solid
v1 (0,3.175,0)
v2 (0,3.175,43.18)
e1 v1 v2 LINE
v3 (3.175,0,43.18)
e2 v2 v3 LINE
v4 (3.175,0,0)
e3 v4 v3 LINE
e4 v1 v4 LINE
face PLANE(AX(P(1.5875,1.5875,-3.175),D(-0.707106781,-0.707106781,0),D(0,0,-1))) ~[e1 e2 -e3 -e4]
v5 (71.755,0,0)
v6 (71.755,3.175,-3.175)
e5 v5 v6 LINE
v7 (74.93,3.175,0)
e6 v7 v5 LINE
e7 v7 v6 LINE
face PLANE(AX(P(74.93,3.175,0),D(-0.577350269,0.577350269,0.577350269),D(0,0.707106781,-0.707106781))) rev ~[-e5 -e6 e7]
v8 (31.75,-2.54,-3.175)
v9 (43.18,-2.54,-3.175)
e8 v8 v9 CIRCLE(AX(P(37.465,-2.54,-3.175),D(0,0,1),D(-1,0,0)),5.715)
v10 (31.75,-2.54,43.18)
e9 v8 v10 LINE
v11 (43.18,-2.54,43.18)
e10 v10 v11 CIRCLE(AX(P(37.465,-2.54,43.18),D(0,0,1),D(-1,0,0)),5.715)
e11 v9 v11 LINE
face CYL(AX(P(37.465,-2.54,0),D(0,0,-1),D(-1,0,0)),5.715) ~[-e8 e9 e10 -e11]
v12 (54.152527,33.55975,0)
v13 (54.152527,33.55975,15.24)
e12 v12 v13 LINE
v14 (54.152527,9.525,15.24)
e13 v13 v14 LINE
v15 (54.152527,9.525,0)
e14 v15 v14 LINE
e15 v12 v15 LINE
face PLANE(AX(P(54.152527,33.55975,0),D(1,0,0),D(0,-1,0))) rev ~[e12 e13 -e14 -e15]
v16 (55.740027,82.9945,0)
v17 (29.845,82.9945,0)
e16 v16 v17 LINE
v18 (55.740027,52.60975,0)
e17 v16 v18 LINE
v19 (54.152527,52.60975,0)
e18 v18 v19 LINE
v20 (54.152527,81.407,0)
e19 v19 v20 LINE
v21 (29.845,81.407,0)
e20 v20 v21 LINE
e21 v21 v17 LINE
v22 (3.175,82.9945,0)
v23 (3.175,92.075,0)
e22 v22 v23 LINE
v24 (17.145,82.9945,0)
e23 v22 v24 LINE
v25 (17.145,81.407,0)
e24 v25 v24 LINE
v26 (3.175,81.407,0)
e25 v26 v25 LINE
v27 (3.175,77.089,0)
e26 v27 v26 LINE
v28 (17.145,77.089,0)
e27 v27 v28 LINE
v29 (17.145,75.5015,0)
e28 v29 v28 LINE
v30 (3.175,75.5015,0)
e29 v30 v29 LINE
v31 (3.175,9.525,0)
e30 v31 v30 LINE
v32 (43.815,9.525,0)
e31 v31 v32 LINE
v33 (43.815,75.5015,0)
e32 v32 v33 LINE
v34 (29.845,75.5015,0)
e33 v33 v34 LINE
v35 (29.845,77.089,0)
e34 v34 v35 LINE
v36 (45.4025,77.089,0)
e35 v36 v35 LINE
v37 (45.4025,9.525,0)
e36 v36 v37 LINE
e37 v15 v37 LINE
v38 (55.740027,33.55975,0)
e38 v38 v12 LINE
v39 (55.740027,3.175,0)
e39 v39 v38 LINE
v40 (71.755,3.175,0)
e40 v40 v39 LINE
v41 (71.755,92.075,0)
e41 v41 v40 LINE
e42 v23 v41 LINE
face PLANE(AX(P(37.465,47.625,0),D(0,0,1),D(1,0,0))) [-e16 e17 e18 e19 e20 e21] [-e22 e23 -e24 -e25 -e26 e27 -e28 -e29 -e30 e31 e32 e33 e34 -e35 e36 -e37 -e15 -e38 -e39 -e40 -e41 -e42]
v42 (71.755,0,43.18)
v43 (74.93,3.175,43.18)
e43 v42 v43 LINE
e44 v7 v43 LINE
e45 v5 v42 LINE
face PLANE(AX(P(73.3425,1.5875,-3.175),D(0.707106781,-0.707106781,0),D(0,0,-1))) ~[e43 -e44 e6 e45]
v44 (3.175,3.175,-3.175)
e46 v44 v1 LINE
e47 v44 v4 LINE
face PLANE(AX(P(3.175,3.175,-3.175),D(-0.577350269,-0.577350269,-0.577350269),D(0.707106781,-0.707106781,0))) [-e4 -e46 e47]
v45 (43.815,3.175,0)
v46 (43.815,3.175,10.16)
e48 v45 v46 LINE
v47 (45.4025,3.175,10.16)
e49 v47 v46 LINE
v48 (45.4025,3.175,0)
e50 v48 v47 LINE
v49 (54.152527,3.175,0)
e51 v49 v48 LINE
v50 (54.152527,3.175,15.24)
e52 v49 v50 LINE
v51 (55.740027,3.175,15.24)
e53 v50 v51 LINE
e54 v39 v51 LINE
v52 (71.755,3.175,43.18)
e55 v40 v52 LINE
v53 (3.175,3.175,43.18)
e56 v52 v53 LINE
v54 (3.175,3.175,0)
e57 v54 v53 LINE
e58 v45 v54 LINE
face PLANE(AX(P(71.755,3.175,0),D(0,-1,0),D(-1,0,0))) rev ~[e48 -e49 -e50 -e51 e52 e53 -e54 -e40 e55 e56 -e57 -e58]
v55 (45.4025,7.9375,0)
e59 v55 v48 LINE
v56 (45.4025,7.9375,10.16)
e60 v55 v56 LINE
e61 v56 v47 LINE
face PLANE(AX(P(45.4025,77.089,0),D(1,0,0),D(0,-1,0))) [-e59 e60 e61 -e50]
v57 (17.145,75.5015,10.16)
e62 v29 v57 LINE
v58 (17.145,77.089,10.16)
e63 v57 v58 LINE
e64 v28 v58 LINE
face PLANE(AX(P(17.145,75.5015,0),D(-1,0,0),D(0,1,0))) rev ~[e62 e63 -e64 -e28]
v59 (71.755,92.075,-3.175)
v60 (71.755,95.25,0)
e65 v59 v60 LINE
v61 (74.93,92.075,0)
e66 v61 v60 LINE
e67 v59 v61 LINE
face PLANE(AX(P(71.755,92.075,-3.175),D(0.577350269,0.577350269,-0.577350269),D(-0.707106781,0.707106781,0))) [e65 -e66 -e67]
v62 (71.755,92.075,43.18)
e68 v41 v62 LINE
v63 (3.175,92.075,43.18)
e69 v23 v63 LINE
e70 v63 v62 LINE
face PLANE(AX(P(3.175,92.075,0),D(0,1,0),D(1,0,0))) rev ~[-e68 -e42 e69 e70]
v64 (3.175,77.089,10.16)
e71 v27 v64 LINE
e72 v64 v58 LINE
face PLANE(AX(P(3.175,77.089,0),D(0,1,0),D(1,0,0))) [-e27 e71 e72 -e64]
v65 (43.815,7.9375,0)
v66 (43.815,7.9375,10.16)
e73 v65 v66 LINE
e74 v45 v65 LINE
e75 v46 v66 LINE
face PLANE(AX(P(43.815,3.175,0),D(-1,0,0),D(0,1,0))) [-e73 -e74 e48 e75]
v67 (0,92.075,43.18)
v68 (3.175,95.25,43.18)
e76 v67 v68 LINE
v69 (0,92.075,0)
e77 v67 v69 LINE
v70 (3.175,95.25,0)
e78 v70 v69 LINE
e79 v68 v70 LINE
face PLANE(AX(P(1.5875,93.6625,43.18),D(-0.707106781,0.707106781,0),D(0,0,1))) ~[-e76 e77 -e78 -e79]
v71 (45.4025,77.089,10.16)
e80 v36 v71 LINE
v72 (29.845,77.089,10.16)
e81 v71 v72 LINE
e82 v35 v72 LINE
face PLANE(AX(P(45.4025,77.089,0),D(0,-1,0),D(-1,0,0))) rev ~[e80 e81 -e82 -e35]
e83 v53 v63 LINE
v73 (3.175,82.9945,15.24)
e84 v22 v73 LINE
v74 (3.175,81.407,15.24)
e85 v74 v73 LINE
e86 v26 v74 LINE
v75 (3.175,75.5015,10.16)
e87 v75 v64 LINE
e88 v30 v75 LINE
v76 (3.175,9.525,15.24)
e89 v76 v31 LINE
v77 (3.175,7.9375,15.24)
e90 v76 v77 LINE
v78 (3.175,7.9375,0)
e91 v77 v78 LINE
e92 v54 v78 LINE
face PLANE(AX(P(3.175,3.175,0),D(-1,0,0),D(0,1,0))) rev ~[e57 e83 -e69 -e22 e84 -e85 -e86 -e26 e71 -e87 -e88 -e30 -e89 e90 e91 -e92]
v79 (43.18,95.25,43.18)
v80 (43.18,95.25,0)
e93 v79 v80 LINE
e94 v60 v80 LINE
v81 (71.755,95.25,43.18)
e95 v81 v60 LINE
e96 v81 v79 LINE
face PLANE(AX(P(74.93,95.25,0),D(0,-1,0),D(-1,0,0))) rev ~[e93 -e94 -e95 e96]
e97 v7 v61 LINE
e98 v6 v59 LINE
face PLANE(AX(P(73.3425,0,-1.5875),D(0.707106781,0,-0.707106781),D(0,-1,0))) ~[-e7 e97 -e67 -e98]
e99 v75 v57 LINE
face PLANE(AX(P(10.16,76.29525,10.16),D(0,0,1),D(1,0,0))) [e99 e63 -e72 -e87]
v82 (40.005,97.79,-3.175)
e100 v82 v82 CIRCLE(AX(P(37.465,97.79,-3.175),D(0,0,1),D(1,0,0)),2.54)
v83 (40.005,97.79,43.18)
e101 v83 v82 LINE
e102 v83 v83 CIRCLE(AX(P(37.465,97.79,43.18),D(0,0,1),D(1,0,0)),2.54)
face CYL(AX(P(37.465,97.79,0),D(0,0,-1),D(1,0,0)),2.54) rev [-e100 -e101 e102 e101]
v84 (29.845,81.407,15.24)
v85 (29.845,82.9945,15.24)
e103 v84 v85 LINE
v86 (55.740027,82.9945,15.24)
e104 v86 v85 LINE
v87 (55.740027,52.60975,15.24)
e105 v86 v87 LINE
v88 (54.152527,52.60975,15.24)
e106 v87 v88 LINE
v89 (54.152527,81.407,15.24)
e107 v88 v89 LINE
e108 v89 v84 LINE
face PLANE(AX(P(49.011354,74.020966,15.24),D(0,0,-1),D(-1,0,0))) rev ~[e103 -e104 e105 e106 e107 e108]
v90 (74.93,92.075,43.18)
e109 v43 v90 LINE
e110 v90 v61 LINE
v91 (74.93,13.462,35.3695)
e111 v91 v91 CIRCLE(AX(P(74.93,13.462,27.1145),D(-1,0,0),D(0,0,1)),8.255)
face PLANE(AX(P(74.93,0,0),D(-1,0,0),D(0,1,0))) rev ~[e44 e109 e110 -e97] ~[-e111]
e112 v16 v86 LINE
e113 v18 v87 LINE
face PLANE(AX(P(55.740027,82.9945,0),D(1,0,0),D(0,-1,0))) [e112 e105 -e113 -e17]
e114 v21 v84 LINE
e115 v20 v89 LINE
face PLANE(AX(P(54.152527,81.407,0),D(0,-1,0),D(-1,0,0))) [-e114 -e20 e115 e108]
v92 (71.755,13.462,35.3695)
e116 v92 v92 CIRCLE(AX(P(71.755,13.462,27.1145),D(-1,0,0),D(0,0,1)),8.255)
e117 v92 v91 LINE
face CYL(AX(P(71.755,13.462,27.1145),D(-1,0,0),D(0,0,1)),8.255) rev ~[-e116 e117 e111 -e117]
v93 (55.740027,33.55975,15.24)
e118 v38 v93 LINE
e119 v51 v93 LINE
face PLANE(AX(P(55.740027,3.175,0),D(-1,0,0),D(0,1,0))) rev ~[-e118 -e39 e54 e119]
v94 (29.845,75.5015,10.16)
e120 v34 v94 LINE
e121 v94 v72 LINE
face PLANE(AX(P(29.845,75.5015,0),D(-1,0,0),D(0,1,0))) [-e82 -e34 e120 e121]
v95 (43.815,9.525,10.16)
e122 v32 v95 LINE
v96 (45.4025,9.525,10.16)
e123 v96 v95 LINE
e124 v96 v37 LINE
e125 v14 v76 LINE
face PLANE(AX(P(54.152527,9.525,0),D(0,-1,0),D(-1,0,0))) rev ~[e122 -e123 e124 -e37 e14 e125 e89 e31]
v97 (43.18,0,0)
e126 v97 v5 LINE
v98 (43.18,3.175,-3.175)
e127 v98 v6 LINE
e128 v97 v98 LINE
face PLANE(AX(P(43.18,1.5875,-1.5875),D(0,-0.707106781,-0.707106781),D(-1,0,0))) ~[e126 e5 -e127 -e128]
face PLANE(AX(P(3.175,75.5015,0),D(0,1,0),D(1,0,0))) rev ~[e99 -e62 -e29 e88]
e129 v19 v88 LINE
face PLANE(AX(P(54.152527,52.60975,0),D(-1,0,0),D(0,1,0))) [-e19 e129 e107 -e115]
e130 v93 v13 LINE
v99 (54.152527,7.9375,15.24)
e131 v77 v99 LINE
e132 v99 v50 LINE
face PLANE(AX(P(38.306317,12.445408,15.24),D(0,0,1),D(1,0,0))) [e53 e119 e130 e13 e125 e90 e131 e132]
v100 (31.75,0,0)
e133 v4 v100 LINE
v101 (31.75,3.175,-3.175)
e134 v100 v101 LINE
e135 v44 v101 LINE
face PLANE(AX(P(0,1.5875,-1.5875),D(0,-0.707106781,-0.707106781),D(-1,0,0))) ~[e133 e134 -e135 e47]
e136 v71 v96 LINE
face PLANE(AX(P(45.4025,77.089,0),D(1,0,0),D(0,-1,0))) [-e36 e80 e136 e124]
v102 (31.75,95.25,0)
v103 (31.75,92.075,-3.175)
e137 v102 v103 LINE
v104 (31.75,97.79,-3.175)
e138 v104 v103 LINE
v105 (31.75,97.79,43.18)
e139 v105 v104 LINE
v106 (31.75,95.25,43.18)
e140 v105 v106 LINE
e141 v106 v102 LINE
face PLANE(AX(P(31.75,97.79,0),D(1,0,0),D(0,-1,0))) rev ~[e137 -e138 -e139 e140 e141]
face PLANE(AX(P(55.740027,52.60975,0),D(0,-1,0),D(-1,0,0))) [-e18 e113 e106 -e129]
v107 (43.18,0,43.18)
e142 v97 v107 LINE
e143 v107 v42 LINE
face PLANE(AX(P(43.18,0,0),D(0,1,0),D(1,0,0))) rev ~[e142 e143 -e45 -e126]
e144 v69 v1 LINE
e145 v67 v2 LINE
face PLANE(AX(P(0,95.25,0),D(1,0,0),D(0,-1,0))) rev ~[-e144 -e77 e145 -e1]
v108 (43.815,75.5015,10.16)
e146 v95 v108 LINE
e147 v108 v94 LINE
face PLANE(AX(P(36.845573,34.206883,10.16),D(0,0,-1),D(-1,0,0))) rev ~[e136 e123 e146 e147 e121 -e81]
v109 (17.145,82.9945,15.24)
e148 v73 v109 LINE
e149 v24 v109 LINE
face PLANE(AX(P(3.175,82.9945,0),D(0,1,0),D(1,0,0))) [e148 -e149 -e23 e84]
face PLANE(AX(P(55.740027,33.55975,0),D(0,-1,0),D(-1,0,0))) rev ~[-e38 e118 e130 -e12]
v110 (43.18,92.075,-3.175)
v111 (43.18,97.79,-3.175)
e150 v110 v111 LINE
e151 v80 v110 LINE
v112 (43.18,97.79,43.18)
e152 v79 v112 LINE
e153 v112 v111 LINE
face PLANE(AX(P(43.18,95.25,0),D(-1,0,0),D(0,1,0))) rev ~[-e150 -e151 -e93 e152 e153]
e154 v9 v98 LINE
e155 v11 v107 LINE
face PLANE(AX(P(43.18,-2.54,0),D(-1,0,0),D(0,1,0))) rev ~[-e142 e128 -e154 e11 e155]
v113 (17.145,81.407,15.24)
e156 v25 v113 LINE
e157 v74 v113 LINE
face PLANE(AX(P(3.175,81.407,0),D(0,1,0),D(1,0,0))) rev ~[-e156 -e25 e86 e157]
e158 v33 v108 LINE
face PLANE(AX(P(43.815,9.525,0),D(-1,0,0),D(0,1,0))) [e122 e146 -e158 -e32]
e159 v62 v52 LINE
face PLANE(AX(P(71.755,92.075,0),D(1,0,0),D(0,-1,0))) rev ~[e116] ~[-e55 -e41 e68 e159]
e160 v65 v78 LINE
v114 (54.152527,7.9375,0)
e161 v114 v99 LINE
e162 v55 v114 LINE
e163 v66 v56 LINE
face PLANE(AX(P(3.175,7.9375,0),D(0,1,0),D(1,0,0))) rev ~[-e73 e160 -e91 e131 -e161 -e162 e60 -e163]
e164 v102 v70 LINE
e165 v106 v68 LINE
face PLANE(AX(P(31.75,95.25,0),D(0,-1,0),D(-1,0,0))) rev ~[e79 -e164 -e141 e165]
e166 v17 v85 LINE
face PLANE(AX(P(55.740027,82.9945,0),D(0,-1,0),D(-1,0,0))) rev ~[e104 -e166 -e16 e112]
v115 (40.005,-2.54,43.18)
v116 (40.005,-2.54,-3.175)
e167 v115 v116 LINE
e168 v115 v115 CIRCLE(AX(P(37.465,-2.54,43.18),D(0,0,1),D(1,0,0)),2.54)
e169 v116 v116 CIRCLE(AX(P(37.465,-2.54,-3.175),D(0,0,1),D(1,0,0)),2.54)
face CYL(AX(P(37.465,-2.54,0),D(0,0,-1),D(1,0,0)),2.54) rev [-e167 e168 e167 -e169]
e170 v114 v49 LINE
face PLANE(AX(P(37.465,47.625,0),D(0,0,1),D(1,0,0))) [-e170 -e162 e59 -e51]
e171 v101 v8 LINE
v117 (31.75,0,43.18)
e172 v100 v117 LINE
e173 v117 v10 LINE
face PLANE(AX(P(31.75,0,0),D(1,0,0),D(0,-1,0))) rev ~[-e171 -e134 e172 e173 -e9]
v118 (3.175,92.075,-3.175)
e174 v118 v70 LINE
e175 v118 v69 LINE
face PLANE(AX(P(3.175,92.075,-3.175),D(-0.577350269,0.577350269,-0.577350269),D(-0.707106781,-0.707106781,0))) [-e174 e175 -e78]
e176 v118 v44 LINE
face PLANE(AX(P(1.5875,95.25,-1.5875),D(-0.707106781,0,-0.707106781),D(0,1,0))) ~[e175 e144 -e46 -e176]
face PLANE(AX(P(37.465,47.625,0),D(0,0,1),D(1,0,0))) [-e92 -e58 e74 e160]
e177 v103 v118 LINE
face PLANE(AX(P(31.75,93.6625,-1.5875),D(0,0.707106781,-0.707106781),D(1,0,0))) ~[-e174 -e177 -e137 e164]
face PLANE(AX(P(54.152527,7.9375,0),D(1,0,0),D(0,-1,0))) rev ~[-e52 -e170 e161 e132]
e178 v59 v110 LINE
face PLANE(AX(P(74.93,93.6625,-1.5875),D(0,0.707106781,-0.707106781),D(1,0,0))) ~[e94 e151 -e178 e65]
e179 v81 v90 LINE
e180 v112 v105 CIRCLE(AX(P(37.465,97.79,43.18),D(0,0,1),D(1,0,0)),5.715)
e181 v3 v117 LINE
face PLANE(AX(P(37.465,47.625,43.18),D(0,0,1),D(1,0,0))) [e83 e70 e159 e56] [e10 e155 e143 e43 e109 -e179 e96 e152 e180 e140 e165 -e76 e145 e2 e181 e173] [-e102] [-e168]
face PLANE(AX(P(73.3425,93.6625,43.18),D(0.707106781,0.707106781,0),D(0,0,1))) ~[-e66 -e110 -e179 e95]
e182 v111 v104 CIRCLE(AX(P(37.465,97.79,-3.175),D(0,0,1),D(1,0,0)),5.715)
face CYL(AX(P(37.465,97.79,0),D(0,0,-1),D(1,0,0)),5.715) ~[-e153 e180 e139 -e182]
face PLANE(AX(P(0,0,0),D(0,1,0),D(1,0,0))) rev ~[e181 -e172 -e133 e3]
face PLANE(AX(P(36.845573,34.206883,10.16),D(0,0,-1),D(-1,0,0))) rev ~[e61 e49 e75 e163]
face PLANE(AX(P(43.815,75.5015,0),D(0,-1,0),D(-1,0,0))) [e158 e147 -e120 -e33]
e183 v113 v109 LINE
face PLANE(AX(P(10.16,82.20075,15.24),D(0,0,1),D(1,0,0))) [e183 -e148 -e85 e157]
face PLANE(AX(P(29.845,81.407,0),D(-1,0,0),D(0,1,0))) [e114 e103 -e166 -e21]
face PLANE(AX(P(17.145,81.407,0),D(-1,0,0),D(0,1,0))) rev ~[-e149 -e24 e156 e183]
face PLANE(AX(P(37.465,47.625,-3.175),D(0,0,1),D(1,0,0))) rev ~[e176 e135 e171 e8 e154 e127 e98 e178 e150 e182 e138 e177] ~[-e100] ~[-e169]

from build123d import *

# Parameters (mm, degrees)
SKETCH1_R           = 2.54
BOSS_EXTRUDE1_DEPTH = 3.175
SKETCH1_3_W         = 13.97
SKETCH1_3_H         = 1.5875
BOSS_EXTRUDE2_DEPTH = 10.16
BOSS_EXTRUDE3_START = 43.18
SKETCH1_4_R         = 2.54
BOSS_EXTRUDE3_DEPTH = 43.18
SKETCH2_W           = 13.97
SKETCH2_H           = 1.5875
BOSS_EXTRUDE4_DEPTH = 15.24
SKETCH3_R           = 8.255
CUT_EXTRUDE1_DEPTH  = 15.24
CHAMFER1_SIZE       = 3.175


with BuildPart() as part:
    # Sketch1 → Boss-Extrude1 (new body)
    with BuildSketch(Plane.XY):
        with BuildLine():
            Line((0, 0), (31.75, 0))
            Line((31.75, 0), (31.75, -2.54))
            ThreePointArc((31.75, -2.54), (37.465, -8.255), (43.18, -2.54))
            Line((43.18, -2.54), (43.18, 0))
            Line((43.18, 0), (74.93, 0))
            Line((74.93, 0), (74.93, 95.25))
            Line((74.93, 95.25), (43.18, 95.25))
            Line((43.18, 95.25), (43.18, 97.79))
            ThreePointArc((43.18, 97.79), (37.465, 103.505), (31.75, 97.79))
            Line((31.75, 97.79), (31.75, 95.25))
            Line((31.75, 95.25), (0, 95.25))
            Line((0, 95.25), (0, 0))
        make_face()
        with Locations((37.465, -2.54)):
            Circle(SKETCH1_R, mode=Mode.SUBTRACT)
        with Locations((37.465, 97.79)):
            Circle(SKETCH1_R, mode=Mode.SUBTRACT)
    extrude(amount=-BOSS_EXTRUDE1_DEPTH)

    # Sketch1<3> → Boss-Extrude2 (add)
    with BuildSketch(Plane.XY):
        Polygon((43.815, 9.525), (43.815, 75.5015), (29.845, 75.5015), (29.845, 77.089), (43.815, 77.089), (45.4025, 77.089), (45.4025, 3.175), (43.815, 3.175), (43.815, 7.9375), (3.175, 7.9375), (3.175, 9.525), align=None)
        with Locations((10.16, 76.29525)):
            Rectangle(SKETCH1_3_W, SKETCH1_3_H)
    extrude(amount=BOSS_EXTRUDE2_DEPTH)

    # Sketch1<4> → Boss-Extrude3 (add)
    with BuildSketch(Plane.XY.offset(BOSS_EXTRUDE3_START)):
        with BuildLine():
            Line((0, 95.25), (0, 0))
            Line((0, 0), (31.75, 0))
            Line((31.75, 0), (31.75, -2.54))
            ThreePointArc((31.75, -2.54), (37.465, -8.255), (43.18, -2.54))
            Line((43.18, -2.54), (43.18, 0))
            Line((43.18, 0), (74.93, 0))
            Line((74.93, 0), (74.93, 95.25))
            Line((74.93, 95.25), (43.18, 95.25))
            Line((43.18, 95.25), (43.18, 97.79))
            ThreePointArc((43.18, 97.79), (37.465, 103.505), (31.75, 97.79))
            Line((31.75, 97.79), (31.75, 95.25))
            Line((31.75, 95.25), (0, 95.25))
        make_face()
        with Locations((37.465, -2.54)):
            Circle(SKETCH1_4_R, mode=Mode.SUBTRACT)
        Polygon((3.175, 7.9375), (3.175, 9.525), (3.175, 75.5015), (3.175, 77.089), (3.175, 92.075), (71.755, 92.075), (71.755, 3.175), (45.4025, 3.175), (43.815, 3.175), (3.175, 3.175), align=None, mode=Mode.SUBTRACT)
        with Locations((37.465, 97.79)):
            Circle(SKETCH1_4_R, mode=Mode.SUBTRACT)
    extrude(amount=-BOSS_EXTRUDE3_DEPTH)

    # Sketch2 → Boss-Extrude4 (add)
    with BuildSketch(Plane.XY):
        with Locations((10.16, 82.20075)):
            Rectangle(SKETCH2_W, SKETCH2_H)
        Polygon((54.737, 82.9945), (55.740027204, 82.9945), (55.740027204, 52.60975), (54.152527204, 52.60975), (54.152527204, 81.407), (29.845, 81.407), (29.845, 82.9945), align=None)
        Polygon((54.152527204, 3.175), (55.740027204, 3.175), (55.740027204, 33.55975), (54.152527204, 33.55975), (54.152527204, 9.525), (3.175, 9.525), (3.175, 7.9375), (54.152527204, 7.9375), align=None)
    extrude(amount=BOSS_EXTRUDE4_DEPTH)

    # Sketch3 → Cut-Extrude1 (cut)
    with BuildSketch(Plane.ZY.offset(-71.755)):
        with Locations((27.1145, 13.462)):
            Circle(SKETCH3_R)
    extrude(amount=-CUT_EXTRUDE1_DEPTH, mode=Mode.SUBTRACT)

    # Chamfer1
    chamfer1_edges = [part.edges().sort_by_distance(p)[0] for p in [
        (74.93, 0, 20.0025),
        (74.93, 95.25, 20.0025),
        (59.055, 95.25, -3.175),
        (74.93, 47.625, -3.175),
        (59.055, 0, -3.175),
        (0, 0, 20.0025),
        (0, 95.25, 20.0025),
        (15.875, 95.25, -3.175),
        (15.875, 0, -3.175),
        (0, 47.625, -3.175),
    ]]
    chamfer(chamfer1_edges, length=CHAMFER1_SIZE)


solid = part.part
